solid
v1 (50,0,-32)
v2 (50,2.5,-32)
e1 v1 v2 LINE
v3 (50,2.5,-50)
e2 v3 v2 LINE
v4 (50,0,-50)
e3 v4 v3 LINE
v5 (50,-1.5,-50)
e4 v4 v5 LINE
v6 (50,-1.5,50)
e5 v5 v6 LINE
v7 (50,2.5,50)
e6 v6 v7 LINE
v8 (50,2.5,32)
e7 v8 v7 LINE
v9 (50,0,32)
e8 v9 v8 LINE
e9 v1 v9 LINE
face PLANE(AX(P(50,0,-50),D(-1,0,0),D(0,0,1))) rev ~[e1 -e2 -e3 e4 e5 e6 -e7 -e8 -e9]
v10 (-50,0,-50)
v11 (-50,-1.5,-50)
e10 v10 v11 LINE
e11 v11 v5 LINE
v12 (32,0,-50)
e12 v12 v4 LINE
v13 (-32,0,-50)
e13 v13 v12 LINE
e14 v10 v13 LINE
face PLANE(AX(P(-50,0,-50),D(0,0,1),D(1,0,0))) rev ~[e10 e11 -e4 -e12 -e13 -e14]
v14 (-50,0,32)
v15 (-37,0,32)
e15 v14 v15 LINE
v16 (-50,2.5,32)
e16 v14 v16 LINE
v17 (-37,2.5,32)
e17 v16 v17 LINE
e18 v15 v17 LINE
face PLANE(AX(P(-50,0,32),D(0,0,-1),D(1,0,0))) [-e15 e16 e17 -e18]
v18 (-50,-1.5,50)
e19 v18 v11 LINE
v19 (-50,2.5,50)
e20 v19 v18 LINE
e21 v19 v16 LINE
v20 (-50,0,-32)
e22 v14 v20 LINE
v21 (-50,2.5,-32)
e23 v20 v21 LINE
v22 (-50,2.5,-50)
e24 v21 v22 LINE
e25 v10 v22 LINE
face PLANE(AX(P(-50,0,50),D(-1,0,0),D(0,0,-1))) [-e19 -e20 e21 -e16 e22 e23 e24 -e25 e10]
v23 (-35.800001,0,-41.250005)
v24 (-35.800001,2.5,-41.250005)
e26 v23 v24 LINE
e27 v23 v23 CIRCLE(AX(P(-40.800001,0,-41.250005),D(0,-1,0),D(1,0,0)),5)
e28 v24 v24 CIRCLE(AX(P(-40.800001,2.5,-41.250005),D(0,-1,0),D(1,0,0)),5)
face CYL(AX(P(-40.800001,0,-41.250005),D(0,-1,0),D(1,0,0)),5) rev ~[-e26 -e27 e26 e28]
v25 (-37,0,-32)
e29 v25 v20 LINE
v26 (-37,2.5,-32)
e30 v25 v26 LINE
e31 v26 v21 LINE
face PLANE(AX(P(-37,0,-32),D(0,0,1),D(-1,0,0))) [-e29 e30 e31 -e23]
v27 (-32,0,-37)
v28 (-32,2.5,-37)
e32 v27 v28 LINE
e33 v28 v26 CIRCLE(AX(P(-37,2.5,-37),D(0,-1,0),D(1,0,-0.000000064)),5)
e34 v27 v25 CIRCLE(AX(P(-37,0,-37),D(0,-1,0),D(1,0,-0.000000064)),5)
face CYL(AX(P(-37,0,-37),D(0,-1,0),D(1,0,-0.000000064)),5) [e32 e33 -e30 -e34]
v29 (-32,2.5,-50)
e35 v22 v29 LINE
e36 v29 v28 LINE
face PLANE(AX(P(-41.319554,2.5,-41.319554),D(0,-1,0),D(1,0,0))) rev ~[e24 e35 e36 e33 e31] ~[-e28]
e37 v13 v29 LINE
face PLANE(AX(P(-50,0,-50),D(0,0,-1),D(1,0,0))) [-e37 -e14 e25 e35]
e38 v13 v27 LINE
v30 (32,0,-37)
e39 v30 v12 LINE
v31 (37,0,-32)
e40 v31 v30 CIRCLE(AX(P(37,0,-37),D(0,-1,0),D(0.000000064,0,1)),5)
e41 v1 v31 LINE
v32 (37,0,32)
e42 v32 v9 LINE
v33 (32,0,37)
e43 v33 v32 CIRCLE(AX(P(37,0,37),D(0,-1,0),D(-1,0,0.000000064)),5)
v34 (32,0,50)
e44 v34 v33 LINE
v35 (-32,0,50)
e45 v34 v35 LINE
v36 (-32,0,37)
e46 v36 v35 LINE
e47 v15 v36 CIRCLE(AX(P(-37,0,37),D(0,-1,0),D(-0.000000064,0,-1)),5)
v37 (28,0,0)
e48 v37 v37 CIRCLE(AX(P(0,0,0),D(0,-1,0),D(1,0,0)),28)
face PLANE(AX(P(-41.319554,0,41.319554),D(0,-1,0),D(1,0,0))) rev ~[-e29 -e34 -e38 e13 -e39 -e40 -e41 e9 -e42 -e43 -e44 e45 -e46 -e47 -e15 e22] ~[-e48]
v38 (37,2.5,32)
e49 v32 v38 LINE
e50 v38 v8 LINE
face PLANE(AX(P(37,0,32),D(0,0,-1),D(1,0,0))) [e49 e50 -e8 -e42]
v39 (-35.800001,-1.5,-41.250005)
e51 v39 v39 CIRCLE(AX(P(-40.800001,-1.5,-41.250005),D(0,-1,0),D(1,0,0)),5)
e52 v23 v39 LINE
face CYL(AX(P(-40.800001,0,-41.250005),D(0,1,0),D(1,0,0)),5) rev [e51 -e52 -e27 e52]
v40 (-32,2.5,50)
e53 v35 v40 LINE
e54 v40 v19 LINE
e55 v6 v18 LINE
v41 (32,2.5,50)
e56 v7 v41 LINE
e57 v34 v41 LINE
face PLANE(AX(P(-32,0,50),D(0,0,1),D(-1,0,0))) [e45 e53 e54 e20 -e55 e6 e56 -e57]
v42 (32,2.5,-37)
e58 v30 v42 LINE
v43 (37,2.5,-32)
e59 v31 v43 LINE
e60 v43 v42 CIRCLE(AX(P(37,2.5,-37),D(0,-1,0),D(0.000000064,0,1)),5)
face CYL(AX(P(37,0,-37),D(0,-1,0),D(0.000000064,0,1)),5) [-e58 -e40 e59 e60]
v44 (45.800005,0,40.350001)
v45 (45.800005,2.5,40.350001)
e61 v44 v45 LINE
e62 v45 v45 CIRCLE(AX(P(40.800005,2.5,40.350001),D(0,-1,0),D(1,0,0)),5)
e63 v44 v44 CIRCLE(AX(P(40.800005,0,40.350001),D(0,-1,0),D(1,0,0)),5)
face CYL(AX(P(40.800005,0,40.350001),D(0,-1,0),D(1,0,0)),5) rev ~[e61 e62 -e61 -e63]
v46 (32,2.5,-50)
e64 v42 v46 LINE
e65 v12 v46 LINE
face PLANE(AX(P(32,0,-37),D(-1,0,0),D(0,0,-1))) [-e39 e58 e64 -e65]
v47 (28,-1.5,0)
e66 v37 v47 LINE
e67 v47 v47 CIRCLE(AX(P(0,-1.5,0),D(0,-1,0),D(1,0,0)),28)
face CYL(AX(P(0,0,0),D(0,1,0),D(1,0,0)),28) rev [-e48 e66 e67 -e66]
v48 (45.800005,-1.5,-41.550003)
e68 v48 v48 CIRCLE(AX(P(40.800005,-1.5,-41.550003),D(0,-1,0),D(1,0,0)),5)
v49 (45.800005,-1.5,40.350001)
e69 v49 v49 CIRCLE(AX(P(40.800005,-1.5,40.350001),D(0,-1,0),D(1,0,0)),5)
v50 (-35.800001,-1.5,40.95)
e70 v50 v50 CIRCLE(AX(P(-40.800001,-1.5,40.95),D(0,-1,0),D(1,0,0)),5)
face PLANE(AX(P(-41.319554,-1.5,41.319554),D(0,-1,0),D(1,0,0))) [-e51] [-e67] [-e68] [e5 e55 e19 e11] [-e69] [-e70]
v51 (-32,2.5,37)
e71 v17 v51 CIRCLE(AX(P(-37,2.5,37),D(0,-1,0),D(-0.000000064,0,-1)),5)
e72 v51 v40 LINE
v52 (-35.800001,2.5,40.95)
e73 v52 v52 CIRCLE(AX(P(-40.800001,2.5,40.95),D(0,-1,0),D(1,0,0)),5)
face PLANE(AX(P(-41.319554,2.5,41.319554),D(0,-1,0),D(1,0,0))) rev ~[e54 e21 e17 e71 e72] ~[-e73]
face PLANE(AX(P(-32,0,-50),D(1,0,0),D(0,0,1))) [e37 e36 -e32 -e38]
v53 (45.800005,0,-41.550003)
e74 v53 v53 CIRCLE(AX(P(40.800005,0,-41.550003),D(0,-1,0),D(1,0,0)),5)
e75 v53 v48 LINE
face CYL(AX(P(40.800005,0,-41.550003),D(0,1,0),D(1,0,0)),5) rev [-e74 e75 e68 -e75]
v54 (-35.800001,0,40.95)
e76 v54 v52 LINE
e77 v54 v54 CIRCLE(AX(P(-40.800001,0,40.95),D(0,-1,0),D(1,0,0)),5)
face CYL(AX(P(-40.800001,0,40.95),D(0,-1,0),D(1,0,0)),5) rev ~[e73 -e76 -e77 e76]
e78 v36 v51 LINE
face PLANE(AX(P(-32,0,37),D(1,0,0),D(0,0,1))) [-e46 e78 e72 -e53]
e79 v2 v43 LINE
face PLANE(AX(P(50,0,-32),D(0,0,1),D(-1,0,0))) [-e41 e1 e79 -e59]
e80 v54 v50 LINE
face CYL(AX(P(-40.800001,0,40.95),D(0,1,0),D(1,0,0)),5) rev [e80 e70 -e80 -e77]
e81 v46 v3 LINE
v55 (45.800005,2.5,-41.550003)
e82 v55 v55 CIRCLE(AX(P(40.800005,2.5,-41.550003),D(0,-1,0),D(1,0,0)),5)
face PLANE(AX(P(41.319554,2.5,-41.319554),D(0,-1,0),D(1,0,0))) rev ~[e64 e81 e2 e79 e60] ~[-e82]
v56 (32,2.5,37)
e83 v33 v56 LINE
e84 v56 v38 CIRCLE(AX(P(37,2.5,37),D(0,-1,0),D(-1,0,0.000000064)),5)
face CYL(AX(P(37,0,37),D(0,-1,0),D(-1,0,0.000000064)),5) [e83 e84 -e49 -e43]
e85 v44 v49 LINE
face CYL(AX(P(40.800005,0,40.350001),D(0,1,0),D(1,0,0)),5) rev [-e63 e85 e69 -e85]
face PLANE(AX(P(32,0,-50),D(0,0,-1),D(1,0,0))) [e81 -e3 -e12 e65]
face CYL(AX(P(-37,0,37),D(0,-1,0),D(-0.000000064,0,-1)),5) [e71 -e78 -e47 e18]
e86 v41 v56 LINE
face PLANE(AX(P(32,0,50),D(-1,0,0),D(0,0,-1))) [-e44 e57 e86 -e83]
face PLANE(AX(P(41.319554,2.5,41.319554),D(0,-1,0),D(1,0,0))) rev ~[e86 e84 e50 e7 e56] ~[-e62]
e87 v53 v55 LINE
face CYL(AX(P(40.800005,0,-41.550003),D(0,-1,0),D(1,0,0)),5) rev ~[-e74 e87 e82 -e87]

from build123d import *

# Parameters (mm, degrees)
F0_R     = 5
F0_R_2   = 28
F1_DEPTH = 1.5
F2_DEPTH = 2.5


with BuildPart() as f1:
    # F0 (on Front) → F1 (new body)
    with BuildSketch(Plane.XZ):
        with BuildLine():
            Line((-32, 50), (-50, 50))
            Line((-50, 50), (-50, 32))
            Line((-50, 32), (-37, 32))
            ThreePointArc((-37, 32), (-33.464466, 33.464466), (-32, 37))
            Line((-32, 37), (-32, 50))
        make_face()
        with Locations((-40.800001, 40.95)):
            Circle(F0_R, mode=Mode.SUBTRACT)
        with BuildLine():
            Line((50, 50), (32, 50))
            Line((32, 50), (32, 37))
            ThreePointArc((32, 37), (33.464466, 33.464466), (37, 32))
            Line((37, 32), (50, 32))
            Line((50, 32), (50, 50))
        make_face()
        with Locations((40.800005, 40.350001)):
            Circle(F0_R, mode=Mode.SUBTRACT)
        with BuildLine():
            Line((50, -50), (50, -32))
            Line((50, -32), (37, -32))
            ThreePointArc((37, -32), (33.464466, -33.464466), (32, -37))
            Line((32, -37), (32, -50))
            Line((32, -50), (50, -50))
        make_face()
        with Locations((40.800005, -41.550003)):
            Circle(F0_R, mode=Mode.SUBTRACT)
        with BuildLine():
            Line((-37, -32), (-50, -32))
            Line((-50, -32), (-50, -50))
            Line((-50, -50), (-32, -50))
            Line((-32, -50), (-32, -37))
            ThreePointArc((-32, -37), (-33.464466, -33.464466), (-37, -32))
        make_face()
        with Locations((-40.800001, -41.250005)):
            Circle(F0_R, mode=Mode.SUBTRACT)
        with BuildLine():
            Line((32, 50), (-32, 50))
            Line((-32, 50), (-32, 37))
            ThreePointArc((-32, 37), (-33.464466, 33.464466), (-37, 32))
            Line((-37, 32), (-50, 32))
            Line((-50, 32), (-50, -32))
            Line((-50, -32), (-37, -32))
            ThreePointArc((-37, -32), (-33.464466, -33.464466), (-32, -37))
            Line((-32, -37), (-32, -50))
            Line((-32, -50), (32, -50))
            Line((32, -50), (32, -37))
            ThreePointArc((32, -37), (33.464466, -33.464466), (37, -32))
            Line((37, -32), (50, -32))
            Line((50, -32), (50, 32))
            Line((50, 32), (37, 32))
            ThreePointArc((37, 32), (33.464466, 33.464466), (32, 37))
            Line((32, 37), (32, 50))
        make_face()
        Circle(F0_R_2, mode=Mode.SUBTRACT)
    extrude(amount=F1_DEPTH)

    # F0 (on Front) → F2 (join)
    with BuildSketch(Plane.XZ):
        with BuildLine():
            Line((-32, 50), (-50, 50))
            Line((-50, 50), (-50, 32))
            Line((-50, 32), (-37, 32))
            ThreePointArc((-37, 32), (-33.464466, 33.464466), (-32, 37))
            Line((-32, 37), (-32, 50))
        make_face()
        with Locations((-40.800001, 40.95)):
            Circle(F0_R, mode=Mode.SUBTRACT)
        with BuildLine():
            Line((50, 50), (32, 50))
            Line((32, 50), (32, 37))
            ThreePointArc((32, 37), (33.464466, 33.464466), (37, 32))
            Line((37, 32), (50, 32))
            Line((50, 32), (50, 50))
        make_face()
        with Locations((40.800005, 40.350001)):
            Circle(F0_R, mode=Mode.SUBTRACT)
        with BuildLine():
            Line((-37, -32), (-50, -32))
            Line((-50, -32), (-50, -50))
            Line((-50, -50), (-32, -50))
            Line((-32, -50), (-32, -37))
            ThreePointArc((-32, -37), (-33.464466, -33.464466), (-37, -32))
        make_face()
        with Locations((-40.800001, -41.250005)):
            Circle(F0_R, mode=Mode.SUBTRACT)
        with BuildLine():
            Line((50, -50), (50, -32))
            Line((50, -32), (37, -32))
            ThreePointArc((37, -32), (33.464466, -33.464466), (32, -37))
            Line((32, -37), (32, -50))
            Line((32, -50), (50, -50))
        make_face()
        with Locations((40.800005, -41.550003)):
            Circle(F0_R, mode=Mode.SUBTRACT)
    extrude(amount=-F2_DEPTH)


solid = f1.part
